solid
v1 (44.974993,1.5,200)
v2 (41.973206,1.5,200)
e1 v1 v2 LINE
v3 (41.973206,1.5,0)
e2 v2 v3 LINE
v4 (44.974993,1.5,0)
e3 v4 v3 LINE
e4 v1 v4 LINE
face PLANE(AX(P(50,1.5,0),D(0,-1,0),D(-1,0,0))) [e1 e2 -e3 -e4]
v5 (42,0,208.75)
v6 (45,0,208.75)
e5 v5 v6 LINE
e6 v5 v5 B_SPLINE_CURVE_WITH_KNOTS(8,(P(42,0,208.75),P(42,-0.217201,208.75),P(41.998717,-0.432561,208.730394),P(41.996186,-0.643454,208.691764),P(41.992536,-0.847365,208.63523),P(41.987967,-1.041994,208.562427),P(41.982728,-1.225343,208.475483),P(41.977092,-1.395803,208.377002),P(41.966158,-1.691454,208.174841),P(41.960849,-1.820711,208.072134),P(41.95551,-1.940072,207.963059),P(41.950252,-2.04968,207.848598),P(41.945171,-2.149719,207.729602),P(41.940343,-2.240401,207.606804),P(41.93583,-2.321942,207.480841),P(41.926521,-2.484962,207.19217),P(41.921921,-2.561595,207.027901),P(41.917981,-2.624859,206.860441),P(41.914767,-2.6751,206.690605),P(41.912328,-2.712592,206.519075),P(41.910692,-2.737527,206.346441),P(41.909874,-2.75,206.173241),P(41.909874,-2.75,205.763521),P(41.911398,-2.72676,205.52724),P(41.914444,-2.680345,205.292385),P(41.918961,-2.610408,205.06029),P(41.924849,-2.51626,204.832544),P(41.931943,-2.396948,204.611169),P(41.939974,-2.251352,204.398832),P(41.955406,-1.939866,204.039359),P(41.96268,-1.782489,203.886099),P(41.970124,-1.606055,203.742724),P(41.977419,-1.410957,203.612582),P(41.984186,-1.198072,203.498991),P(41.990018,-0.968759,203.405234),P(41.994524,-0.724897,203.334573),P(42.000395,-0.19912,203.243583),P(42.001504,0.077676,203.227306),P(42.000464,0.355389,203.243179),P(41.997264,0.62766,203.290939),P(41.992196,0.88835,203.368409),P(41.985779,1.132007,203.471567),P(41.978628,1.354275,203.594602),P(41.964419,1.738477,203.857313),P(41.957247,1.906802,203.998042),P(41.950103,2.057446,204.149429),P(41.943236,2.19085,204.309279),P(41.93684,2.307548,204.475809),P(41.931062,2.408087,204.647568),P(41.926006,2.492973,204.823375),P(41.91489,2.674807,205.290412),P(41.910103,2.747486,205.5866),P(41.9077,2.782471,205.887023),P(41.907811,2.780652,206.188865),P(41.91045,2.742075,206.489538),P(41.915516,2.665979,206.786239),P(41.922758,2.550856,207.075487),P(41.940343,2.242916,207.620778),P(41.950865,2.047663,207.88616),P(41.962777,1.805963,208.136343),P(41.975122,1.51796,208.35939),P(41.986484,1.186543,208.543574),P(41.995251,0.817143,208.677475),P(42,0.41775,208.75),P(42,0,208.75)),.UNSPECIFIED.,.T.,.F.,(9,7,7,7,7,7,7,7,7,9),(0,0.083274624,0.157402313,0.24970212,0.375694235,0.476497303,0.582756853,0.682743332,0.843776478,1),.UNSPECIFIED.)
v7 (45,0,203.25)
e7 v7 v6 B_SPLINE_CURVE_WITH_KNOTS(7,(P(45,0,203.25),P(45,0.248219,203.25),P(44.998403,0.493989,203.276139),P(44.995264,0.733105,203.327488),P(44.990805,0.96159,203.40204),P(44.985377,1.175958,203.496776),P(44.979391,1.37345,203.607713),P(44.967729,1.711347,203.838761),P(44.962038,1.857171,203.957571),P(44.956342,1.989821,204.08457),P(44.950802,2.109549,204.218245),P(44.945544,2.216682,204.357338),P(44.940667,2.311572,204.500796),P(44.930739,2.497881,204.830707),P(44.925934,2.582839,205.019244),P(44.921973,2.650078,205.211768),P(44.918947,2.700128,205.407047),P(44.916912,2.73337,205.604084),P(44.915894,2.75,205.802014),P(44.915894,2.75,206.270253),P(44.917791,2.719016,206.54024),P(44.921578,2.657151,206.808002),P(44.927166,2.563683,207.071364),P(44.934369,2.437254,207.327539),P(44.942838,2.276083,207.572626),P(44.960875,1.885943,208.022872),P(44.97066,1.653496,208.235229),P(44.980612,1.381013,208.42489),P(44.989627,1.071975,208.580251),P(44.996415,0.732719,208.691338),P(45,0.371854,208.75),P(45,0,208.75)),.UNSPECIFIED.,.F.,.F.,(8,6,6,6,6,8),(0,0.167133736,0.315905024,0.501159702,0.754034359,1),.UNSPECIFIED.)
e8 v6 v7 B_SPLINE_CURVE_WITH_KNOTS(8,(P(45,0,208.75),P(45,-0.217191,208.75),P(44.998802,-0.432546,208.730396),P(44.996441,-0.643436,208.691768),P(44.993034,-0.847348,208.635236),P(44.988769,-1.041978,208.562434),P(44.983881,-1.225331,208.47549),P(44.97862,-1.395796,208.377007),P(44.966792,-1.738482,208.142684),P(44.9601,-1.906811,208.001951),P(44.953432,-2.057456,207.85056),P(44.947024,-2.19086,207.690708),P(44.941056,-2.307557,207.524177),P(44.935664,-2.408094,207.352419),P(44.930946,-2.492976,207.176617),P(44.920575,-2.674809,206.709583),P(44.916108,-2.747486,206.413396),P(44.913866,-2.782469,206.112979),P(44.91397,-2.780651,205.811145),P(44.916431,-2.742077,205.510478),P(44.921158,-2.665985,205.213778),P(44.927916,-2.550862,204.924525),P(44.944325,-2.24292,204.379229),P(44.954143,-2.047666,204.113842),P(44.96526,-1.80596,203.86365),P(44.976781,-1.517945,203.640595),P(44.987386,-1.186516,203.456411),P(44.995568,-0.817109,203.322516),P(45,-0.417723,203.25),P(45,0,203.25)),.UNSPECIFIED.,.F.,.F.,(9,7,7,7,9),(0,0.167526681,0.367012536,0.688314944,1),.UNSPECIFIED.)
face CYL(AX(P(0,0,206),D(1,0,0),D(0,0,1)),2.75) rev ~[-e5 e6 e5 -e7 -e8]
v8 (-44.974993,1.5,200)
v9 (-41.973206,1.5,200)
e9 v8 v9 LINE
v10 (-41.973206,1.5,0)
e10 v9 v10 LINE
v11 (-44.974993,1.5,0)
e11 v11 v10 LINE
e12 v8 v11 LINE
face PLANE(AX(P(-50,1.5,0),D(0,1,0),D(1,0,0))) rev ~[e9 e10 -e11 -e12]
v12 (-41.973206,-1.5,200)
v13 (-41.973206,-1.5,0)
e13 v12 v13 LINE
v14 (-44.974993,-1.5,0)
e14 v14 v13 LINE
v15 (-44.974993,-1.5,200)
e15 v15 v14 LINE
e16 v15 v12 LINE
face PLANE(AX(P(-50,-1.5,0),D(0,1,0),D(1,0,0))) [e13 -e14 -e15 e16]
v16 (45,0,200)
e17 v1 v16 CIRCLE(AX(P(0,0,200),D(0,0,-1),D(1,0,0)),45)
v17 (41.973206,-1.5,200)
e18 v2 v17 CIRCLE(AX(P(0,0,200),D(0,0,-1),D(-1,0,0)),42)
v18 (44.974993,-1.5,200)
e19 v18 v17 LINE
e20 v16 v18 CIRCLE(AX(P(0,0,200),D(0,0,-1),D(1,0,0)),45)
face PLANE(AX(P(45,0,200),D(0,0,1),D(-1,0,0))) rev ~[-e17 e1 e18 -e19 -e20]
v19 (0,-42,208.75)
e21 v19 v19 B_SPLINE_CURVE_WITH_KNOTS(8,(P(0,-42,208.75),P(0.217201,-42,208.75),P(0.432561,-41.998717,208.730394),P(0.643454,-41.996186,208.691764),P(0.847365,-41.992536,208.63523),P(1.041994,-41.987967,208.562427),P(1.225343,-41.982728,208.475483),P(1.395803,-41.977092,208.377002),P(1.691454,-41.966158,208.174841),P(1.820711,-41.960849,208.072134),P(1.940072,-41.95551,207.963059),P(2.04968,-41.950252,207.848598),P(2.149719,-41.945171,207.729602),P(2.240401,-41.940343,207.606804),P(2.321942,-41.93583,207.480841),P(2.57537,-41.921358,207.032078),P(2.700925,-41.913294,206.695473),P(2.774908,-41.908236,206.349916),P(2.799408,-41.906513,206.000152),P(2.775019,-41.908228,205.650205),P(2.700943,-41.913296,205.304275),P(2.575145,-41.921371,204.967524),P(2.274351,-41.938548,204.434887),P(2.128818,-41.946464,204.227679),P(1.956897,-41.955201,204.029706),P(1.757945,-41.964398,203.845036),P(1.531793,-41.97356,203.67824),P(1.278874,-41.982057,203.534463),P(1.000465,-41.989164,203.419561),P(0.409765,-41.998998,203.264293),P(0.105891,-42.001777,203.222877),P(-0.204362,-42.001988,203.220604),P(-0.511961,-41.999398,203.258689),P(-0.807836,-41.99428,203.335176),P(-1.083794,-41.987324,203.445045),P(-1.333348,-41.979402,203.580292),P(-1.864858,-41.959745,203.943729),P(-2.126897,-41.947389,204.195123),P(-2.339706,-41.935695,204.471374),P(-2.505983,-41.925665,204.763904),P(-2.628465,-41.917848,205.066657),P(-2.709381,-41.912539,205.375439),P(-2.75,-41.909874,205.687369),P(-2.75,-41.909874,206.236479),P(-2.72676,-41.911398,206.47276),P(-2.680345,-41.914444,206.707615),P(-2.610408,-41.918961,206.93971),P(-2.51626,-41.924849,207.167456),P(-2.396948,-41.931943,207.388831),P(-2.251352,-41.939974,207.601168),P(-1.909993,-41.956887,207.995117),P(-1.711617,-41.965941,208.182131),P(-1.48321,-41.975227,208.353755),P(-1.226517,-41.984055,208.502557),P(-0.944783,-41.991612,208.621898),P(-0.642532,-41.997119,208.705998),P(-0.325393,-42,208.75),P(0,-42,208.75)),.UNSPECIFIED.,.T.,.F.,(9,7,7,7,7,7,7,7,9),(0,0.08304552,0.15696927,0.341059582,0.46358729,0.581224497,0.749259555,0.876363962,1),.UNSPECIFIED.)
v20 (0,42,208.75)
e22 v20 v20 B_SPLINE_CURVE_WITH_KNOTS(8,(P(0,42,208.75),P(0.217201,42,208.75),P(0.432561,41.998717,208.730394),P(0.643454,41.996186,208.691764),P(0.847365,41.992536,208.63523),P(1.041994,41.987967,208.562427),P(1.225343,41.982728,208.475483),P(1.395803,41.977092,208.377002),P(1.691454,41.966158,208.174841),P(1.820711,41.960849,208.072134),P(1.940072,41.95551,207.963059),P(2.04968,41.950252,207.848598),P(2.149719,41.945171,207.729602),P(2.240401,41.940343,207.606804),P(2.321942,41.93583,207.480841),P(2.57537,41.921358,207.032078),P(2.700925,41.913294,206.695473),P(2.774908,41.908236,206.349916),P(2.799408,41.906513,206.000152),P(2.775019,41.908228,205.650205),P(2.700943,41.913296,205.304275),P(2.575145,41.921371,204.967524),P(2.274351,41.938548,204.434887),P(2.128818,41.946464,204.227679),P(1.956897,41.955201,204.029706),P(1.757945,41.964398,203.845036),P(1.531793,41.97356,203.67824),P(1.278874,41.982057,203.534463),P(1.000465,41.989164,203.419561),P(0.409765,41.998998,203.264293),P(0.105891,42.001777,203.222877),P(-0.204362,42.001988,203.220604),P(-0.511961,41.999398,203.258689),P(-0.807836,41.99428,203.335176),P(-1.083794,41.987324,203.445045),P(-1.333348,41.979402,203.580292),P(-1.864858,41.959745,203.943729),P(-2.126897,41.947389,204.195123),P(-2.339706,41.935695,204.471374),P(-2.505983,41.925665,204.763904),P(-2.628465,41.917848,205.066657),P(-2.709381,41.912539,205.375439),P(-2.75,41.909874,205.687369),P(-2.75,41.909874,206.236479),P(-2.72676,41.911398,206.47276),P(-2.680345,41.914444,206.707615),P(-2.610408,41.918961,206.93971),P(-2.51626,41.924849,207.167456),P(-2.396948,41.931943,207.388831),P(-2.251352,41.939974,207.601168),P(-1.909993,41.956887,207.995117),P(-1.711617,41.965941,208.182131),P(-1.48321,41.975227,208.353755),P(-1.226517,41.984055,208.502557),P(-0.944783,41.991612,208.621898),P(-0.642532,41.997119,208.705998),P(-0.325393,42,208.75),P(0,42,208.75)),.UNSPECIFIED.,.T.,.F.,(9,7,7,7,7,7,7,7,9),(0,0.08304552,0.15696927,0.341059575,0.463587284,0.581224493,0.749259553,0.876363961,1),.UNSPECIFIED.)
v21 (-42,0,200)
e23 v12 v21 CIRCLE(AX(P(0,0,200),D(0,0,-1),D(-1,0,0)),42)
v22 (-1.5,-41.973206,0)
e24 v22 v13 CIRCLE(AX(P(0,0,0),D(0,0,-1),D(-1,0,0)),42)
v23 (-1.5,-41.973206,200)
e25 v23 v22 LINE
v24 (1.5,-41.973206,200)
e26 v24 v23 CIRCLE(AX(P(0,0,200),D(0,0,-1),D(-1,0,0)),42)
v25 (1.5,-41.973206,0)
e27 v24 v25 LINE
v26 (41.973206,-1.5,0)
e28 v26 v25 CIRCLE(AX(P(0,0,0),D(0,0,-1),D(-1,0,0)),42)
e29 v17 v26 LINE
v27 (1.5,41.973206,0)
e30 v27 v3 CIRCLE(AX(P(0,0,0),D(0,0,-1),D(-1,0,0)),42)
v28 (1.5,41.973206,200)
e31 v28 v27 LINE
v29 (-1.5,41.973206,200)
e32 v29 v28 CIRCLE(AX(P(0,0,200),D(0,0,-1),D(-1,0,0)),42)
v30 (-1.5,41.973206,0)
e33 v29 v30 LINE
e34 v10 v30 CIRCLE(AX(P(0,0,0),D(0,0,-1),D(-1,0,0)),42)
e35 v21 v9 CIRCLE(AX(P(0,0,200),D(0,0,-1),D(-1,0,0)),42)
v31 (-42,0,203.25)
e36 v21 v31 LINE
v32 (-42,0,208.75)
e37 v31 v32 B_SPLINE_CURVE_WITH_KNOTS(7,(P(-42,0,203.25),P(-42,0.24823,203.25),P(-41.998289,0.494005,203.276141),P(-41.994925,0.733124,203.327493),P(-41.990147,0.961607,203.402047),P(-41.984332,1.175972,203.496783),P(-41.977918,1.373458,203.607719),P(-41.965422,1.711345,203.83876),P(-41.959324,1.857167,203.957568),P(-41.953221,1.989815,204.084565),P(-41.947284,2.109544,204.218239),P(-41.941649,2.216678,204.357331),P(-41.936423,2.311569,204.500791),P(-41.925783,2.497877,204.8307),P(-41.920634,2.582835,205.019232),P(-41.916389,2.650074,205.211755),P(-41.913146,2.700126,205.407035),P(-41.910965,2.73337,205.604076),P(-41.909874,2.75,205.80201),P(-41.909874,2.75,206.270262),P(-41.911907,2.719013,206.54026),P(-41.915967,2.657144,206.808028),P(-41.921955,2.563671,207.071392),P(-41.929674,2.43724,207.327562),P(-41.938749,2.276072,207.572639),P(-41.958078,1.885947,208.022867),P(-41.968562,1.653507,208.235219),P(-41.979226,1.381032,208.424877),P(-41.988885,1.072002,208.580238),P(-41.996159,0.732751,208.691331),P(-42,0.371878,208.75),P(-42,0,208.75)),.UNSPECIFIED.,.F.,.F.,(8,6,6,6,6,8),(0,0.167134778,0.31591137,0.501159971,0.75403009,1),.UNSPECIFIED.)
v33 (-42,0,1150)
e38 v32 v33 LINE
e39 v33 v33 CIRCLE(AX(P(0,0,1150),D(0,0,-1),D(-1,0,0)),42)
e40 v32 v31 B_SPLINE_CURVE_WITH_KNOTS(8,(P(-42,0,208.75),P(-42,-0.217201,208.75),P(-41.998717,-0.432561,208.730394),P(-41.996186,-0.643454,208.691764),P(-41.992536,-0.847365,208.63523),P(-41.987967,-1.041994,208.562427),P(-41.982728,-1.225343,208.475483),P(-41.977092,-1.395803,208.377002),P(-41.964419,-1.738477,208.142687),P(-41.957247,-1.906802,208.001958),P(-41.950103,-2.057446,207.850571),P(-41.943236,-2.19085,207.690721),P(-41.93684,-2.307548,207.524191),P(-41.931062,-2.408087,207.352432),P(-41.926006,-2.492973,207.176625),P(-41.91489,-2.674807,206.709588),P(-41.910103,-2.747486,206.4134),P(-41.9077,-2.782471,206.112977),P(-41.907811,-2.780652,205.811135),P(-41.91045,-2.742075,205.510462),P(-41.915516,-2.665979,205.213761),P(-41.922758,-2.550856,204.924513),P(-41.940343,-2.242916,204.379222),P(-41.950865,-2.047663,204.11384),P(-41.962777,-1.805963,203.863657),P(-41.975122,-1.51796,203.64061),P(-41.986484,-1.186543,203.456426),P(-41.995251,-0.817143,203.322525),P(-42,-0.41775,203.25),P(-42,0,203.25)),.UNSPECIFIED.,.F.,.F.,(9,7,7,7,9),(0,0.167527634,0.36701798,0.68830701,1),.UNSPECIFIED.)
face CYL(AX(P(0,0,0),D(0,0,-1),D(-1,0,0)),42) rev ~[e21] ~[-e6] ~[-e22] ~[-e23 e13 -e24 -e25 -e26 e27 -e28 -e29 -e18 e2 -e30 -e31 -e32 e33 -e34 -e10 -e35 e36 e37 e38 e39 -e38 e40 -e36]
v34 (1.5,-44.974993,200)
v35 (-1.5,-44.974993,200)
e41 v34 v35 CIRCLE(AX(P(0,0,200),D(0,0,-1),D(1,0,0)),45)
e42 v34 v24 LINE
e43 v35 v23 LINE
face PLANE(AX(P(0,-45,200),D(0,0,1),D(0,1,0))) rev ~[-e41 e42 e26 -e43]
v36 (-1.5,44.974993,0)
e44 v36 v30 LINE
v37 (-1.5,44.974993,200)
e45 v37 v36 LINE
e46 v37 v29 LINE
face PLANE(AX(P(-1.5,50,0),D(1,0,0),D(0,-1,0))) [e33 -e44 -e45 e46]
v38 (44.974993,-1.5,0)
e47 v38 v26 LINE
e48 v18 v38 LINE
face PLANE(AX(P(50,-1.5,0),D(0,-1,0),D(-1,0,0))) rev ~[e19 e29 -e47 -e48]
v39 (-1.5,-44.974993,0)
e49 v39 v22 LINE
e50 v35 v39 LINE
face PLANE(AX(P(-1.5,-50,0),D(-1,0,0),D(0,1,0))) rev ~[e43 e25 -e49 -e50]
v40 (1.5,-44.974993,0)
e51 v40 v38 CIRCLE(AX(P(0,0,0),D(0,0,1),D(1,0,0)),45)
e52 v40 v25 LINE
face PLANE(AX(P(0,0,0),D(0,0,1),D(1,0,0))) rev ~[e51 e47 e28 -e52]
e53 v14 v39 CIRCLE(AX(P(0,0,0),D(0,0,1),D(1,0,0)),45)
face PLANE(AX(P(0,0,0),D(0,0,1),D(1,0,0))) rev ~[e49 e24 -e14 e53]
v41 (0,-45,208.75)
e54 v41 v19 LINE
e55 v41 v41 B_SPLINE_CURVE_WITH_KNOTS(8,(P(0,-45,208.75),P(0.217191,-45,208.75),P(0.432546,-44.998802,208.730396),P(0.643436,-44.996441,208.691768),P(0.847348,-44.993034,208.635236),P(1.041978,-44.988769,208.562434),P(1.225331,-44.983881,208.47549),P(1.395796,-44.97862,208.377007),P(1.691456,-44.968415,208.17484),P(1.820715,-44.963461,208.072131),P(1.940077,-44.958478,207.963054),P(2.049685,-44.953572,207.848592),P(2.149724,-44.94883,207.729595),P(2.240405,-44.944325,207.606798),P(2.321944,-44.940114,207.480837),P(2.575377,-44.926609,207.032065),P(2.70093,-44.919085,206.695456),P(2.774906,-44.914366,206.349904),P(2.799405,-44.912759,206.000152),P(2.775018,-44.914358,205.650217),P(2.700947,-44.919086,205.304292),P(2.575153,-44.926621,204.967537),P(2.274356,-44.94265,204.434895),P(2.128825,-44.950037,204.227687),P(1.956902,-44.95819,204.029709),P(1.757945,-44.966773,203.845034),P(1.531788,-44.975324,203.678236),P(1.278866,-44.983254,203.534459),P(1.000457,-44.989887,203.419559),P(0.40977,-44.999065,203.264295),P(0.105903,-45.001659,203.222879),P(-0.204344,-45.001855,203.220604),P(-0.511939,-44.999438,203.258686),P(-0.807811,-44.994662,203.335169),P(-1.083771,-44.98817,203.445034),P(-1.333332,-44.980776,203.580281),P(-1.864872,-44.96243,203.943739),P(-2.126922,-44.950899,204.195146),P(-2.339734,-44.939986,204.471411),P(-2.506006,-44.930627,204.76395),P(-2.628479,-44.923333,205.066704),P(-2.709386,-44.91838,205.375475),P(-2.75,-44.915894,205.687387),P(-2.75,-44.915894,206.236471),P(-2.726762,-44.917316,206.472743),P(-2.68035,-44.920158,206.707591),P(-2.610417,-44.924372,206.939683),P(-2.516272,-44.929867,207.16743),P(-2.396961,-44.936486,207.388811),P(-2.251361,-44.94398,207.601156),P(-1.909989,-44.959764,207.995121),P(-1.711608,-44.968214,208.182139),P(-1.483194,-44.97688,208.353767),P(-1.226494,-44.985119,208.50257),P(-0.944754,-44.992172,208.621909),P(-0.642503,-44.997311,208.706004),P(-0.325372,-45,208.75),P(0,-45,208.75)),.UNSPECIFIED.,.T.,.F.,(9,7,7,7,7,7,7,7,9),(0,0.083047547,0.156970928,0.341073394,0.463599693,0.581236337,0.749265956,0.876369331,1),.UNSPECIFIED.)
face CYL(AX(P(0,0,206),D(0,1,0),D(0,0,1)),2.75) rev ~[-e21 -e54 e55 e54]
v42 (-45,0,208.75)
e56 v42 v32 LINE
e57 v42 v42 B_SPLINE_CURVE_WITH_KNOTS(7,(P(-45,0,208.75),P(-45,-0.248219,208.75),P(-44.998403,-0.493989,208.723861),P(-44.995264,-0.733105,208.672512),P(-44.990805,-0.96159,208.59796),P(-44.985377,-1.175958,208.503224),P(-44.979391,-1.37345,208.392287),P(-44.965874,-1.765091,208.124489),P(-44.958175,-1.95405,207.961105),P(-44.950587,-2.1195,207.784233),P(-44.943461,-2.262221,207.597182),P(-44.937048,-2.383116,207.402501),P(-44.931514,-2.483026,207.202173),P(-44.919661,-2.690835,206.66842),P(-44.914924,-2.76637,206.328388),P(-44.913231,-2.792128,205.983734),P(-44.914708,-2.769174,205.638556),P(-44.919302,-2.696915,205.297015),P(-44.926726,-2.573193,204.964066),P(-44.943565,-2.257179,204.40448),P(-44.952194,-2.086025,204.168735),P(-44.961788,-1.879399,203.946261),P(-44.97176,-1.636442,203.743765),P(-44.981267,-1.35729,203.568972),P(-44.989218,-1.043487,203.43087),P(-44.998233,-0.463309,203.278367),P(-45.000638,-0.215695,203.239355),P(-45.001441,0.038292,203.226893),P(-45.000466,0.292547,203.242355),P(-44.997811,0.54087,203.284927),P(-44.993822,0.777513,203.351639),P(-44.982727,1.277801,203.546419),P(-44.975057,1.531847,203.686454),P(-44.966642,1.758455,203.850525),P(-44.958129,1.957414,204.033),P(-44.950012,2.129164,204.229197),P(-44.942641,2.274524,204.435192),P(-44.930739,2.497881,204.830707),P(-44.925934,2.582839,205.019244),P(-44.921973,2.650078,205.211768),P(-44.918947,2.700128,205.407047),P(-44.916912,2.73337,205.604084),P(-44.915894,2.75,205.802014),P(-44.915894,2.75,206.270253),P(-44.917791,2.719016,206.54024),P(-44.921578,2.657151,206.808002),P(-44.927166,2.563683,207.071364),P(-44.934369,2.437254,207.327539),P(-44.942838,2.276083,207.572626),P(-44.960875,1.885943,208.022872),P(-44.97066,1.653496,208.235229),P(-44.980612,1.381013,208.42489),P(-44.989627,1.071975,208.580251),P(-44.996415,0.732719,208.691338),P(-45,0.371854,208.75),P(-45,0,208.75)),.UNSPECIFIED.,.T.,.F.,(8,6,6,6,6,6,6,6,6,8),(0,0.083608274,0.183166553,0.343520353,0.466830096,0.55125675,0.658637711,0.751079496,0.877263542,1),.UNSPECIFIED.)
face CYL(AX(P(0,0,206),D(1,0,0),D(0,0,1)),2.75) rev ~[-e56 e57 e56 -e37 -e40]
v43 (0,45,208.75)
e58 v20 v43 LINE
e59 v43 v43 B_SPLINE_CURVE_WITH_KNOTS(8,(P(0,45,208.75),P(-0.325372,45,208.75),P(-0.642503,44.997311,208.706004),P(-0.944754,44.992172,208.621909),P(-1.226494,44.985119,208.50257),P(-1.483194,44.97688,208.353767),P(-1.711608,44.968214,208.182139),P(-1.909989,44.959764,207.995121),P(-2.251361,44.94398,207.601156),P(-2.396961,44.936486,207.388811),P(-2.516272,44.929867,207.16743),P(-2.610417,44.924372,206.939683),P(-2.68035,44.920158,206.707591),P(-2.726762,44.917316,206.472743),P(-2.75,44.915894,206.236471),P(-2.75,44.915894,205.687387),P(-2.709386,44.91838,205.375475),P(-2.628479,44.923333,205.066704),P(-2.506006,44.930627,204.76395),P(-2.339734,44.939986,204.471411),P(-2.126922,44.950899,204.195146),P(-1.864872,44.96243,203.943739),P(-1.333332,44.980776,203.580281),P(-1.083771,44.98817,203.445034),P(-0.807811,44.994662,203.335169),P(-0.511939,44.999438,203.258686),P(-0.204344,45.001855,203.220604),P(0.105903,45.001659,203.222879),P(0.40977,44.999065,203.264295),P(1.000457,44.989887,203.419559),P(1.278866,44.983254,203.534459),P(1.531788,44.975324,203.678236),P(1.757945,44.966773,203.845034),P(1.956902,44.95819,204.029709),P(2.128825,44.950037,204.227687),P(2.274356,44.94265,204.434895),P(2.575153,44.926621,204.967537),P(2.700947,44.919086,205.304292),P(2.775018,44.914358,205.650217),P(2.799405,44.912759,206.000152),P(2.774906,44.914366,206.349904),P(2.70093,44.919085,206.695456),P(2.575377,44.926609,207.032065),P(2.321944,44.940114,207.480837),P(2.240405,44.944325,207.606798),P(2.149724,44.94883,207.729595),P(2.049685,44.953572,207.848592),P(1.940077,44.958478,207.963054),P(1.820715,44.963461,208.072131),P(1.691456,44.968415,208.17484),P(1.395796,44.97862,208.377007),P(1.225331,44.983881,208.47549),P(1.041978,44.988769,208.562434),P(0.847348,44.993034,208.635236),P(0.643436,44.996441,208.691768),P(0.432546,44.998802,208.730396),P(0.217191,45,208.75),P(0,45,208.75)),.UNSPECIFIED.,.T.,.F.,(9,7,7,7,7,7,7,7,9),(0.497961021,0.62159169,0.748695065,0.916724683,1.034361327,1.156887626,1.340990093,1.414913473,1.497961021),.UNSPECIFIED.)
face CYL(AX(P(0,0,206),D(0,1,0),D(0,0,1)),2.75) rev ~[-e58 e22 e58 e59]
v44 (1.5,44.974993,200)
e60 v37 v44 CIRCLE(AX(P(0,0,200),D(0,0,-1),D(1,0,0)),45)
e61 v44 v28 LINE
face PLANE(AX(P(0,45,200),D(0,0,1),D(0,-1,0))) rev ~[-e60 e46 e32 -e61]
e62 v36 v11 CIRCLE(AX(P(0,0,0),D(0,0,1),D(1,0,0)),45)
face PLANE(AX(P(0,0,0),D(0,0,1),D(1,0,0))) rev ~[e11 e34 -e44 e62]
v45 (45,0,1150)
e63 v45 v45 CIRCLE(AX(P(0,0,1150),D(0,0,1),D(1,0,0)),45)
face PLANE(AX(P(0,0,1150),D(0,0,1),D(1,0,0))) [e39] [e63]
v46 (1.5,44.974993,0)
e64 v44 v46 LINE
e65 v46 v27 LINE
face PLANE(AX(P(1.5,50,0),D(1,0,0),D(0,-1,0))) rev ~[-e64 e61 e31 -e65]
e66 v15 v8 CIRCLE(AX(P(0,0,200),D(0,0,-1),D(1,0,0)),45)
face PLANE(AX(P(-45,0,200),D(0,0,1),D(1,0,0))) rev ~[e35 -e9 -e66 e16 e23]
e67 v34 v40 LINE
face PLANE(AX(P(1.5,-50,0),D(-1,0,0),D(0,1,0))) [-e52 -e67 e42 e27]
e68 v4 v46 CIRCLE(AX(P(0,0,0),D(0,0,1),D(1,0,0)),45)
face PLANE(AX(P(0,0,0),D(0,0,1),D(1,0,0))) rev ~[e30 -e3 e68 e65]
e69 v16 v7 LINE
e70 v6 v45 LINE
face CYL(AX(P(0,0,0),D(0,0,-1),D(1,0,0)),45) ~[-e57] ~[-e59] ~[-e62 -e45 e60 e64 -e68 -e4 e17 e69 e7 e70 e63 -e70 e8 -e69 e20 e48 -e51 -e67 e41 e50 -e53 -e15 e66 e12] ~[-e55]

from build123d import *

# Parameters (mm, degrees)
ESQUISSE1_R                            = 45
BOSS_EXTRU_1_DEPTH                     = 1150
ESQUISSE2_R                            = 42
ENL_V_MAT_EXTRU_1_DEPTH                = 1150
ESQUISSE3_W                            = 10
ESQUISSE3_H                            = 3
ENL_V_MAT_EXTRU_2_DEPTH                = 200
R_P_TITION_CIRCULAIRE1_COUNT           = 4
ESQUISSE5_W                            = 2.75
ESQUISSE5_H                            = 90
D_GAGEMENT_M51_AT_2_COUNT              = 2
D_GAGEMENT_M51_AT_2_PITCH              = 214.601725843
R_P_TITION_CIRCULAIRE2_COUNT           = 2
R_P_TITION_CIRCULAIRE2_ANGLE           = 90
R_P_TITION_CIRCULAIRE2_COPY_1_SKETCH_W = 2.75
R_P_TITION_CIRCULAIRE2_COPY_1_SKETCH_H = 90


with BuildPart() as part:
    # Esquisse1 → Boss.-Extru.1 (new body)
    with BuildSketch(Plane.XY):
        Circle(ESQUISSE1_R)
    extrude(amount=BOSS_EXTRU_1_DEPTH)

    # Esquisse2 → Enlèv. mat.-Extru.1 (cut)
    with BuildSketch(Plane(origin=(0, 0, 0), x_dir=(-1, 0, 0), z_dir=(0, 0, -1))):
        Circle(ESQUISSE2_R)
    extrude(amount=-ENL_V_MAT_EXTRU_1_DEPTH, mode=Mode.SUBTRACT)

    # Esquisse3 → Enlèv. mat.-Extru.2 (cut)
    with BuildSketch(Plane.XY):
        with Locations((-45, 0)):
            Rectangle(ESQUISSE3_W, ESQUISSE3_H)
    enl_v_mat_extru_2 = extrude(amount=ENL_V_MAT_EXTRU_2_DEPTH, mode=Mode.SUBTRACT)

    # Répétition circulaire1: Enlèv. mat.-Extru.2 ×4 about axis
    r_p_tition_circulaire1_axis = Axis((0, 0, 0), (0, 0, 1))
    for i in range(1, R_P_TITION_CIRCULAIRE1_COUNT):
        add(enl_v_mat_extru_2.rotate(r_p_tition_circulaire1_axis, i * 360 / R_P_TITION_CIRCULAIRE1_COUNT), mode=Mode.SUBTRACT)

    # Esquisse5 → Dégagement M51 (revolve, cut)
    with BuildSketch(Plane(origin=(-45, 0, 206), x_dir=(0, 0, 1), z_dir=(0, 1, 0))):
        with Locations((1.375, 45)):
            Rectangle(ESQUISSE5_W, ESQUISSE5_H)
    d_gagement_m51 = revolve(axis=Axis((-51.35, 0, 206), (1, 0, 0)), mode=Mode.SUBTRACT)

    # Dégagement M51 at 2: Dégagement M51 ×2
    with Locations(*[Vector(0, -0.280281939, -0.959917723) * (i * D_GAGEMENT_M51_AT_2_PITCH) for i in range(1, D_GAGEMENT_M51_AT_2_COUNT)]):
        add(d_gagement_m51, mode=Mode.SUBTRACT)

    # Répétition circulaire2: Dégagement M51 ×2 about axis
    r_p_tition_circulaire2_axis = Axis((0, 0, 0), (0, 0, 1))
    for i in range(1, R_P_TITION_CIRCULAIRE2_COUNT):
        add(d_gagement_m51.rotate(r_p_tition_circulaire2_axis, i * R_P_TITION_CIRCULAIRE2_ANGLE / (R_P_TITION_CIRCULAIRE2_COUNT - 1)), mode=Mode.SUBTRACT)

    # Répétition circulaire2 copy 1 sketch → Répétition circulaire2 copy 1 (revolve, cut)
    with BuildSketch(Plane(origin=(60.14898781, -45, 0), x_dir=(0, 0, 1), z_dir=(-1, 0, 0))):
        with Locations((1.375, 45)):
            Rectangle(R_P_TITION_CIRCULAIRE2_COPY_1_SKETCH_W, R_P_TITION_CIRCULAIRE2_COPY_1_SKETCH_H)
    revolve(axis=Axis((60.14898781, -51.35, 0), (0, 1, 0)), mode=Mode.SUBTRACT)


solid = part.part
